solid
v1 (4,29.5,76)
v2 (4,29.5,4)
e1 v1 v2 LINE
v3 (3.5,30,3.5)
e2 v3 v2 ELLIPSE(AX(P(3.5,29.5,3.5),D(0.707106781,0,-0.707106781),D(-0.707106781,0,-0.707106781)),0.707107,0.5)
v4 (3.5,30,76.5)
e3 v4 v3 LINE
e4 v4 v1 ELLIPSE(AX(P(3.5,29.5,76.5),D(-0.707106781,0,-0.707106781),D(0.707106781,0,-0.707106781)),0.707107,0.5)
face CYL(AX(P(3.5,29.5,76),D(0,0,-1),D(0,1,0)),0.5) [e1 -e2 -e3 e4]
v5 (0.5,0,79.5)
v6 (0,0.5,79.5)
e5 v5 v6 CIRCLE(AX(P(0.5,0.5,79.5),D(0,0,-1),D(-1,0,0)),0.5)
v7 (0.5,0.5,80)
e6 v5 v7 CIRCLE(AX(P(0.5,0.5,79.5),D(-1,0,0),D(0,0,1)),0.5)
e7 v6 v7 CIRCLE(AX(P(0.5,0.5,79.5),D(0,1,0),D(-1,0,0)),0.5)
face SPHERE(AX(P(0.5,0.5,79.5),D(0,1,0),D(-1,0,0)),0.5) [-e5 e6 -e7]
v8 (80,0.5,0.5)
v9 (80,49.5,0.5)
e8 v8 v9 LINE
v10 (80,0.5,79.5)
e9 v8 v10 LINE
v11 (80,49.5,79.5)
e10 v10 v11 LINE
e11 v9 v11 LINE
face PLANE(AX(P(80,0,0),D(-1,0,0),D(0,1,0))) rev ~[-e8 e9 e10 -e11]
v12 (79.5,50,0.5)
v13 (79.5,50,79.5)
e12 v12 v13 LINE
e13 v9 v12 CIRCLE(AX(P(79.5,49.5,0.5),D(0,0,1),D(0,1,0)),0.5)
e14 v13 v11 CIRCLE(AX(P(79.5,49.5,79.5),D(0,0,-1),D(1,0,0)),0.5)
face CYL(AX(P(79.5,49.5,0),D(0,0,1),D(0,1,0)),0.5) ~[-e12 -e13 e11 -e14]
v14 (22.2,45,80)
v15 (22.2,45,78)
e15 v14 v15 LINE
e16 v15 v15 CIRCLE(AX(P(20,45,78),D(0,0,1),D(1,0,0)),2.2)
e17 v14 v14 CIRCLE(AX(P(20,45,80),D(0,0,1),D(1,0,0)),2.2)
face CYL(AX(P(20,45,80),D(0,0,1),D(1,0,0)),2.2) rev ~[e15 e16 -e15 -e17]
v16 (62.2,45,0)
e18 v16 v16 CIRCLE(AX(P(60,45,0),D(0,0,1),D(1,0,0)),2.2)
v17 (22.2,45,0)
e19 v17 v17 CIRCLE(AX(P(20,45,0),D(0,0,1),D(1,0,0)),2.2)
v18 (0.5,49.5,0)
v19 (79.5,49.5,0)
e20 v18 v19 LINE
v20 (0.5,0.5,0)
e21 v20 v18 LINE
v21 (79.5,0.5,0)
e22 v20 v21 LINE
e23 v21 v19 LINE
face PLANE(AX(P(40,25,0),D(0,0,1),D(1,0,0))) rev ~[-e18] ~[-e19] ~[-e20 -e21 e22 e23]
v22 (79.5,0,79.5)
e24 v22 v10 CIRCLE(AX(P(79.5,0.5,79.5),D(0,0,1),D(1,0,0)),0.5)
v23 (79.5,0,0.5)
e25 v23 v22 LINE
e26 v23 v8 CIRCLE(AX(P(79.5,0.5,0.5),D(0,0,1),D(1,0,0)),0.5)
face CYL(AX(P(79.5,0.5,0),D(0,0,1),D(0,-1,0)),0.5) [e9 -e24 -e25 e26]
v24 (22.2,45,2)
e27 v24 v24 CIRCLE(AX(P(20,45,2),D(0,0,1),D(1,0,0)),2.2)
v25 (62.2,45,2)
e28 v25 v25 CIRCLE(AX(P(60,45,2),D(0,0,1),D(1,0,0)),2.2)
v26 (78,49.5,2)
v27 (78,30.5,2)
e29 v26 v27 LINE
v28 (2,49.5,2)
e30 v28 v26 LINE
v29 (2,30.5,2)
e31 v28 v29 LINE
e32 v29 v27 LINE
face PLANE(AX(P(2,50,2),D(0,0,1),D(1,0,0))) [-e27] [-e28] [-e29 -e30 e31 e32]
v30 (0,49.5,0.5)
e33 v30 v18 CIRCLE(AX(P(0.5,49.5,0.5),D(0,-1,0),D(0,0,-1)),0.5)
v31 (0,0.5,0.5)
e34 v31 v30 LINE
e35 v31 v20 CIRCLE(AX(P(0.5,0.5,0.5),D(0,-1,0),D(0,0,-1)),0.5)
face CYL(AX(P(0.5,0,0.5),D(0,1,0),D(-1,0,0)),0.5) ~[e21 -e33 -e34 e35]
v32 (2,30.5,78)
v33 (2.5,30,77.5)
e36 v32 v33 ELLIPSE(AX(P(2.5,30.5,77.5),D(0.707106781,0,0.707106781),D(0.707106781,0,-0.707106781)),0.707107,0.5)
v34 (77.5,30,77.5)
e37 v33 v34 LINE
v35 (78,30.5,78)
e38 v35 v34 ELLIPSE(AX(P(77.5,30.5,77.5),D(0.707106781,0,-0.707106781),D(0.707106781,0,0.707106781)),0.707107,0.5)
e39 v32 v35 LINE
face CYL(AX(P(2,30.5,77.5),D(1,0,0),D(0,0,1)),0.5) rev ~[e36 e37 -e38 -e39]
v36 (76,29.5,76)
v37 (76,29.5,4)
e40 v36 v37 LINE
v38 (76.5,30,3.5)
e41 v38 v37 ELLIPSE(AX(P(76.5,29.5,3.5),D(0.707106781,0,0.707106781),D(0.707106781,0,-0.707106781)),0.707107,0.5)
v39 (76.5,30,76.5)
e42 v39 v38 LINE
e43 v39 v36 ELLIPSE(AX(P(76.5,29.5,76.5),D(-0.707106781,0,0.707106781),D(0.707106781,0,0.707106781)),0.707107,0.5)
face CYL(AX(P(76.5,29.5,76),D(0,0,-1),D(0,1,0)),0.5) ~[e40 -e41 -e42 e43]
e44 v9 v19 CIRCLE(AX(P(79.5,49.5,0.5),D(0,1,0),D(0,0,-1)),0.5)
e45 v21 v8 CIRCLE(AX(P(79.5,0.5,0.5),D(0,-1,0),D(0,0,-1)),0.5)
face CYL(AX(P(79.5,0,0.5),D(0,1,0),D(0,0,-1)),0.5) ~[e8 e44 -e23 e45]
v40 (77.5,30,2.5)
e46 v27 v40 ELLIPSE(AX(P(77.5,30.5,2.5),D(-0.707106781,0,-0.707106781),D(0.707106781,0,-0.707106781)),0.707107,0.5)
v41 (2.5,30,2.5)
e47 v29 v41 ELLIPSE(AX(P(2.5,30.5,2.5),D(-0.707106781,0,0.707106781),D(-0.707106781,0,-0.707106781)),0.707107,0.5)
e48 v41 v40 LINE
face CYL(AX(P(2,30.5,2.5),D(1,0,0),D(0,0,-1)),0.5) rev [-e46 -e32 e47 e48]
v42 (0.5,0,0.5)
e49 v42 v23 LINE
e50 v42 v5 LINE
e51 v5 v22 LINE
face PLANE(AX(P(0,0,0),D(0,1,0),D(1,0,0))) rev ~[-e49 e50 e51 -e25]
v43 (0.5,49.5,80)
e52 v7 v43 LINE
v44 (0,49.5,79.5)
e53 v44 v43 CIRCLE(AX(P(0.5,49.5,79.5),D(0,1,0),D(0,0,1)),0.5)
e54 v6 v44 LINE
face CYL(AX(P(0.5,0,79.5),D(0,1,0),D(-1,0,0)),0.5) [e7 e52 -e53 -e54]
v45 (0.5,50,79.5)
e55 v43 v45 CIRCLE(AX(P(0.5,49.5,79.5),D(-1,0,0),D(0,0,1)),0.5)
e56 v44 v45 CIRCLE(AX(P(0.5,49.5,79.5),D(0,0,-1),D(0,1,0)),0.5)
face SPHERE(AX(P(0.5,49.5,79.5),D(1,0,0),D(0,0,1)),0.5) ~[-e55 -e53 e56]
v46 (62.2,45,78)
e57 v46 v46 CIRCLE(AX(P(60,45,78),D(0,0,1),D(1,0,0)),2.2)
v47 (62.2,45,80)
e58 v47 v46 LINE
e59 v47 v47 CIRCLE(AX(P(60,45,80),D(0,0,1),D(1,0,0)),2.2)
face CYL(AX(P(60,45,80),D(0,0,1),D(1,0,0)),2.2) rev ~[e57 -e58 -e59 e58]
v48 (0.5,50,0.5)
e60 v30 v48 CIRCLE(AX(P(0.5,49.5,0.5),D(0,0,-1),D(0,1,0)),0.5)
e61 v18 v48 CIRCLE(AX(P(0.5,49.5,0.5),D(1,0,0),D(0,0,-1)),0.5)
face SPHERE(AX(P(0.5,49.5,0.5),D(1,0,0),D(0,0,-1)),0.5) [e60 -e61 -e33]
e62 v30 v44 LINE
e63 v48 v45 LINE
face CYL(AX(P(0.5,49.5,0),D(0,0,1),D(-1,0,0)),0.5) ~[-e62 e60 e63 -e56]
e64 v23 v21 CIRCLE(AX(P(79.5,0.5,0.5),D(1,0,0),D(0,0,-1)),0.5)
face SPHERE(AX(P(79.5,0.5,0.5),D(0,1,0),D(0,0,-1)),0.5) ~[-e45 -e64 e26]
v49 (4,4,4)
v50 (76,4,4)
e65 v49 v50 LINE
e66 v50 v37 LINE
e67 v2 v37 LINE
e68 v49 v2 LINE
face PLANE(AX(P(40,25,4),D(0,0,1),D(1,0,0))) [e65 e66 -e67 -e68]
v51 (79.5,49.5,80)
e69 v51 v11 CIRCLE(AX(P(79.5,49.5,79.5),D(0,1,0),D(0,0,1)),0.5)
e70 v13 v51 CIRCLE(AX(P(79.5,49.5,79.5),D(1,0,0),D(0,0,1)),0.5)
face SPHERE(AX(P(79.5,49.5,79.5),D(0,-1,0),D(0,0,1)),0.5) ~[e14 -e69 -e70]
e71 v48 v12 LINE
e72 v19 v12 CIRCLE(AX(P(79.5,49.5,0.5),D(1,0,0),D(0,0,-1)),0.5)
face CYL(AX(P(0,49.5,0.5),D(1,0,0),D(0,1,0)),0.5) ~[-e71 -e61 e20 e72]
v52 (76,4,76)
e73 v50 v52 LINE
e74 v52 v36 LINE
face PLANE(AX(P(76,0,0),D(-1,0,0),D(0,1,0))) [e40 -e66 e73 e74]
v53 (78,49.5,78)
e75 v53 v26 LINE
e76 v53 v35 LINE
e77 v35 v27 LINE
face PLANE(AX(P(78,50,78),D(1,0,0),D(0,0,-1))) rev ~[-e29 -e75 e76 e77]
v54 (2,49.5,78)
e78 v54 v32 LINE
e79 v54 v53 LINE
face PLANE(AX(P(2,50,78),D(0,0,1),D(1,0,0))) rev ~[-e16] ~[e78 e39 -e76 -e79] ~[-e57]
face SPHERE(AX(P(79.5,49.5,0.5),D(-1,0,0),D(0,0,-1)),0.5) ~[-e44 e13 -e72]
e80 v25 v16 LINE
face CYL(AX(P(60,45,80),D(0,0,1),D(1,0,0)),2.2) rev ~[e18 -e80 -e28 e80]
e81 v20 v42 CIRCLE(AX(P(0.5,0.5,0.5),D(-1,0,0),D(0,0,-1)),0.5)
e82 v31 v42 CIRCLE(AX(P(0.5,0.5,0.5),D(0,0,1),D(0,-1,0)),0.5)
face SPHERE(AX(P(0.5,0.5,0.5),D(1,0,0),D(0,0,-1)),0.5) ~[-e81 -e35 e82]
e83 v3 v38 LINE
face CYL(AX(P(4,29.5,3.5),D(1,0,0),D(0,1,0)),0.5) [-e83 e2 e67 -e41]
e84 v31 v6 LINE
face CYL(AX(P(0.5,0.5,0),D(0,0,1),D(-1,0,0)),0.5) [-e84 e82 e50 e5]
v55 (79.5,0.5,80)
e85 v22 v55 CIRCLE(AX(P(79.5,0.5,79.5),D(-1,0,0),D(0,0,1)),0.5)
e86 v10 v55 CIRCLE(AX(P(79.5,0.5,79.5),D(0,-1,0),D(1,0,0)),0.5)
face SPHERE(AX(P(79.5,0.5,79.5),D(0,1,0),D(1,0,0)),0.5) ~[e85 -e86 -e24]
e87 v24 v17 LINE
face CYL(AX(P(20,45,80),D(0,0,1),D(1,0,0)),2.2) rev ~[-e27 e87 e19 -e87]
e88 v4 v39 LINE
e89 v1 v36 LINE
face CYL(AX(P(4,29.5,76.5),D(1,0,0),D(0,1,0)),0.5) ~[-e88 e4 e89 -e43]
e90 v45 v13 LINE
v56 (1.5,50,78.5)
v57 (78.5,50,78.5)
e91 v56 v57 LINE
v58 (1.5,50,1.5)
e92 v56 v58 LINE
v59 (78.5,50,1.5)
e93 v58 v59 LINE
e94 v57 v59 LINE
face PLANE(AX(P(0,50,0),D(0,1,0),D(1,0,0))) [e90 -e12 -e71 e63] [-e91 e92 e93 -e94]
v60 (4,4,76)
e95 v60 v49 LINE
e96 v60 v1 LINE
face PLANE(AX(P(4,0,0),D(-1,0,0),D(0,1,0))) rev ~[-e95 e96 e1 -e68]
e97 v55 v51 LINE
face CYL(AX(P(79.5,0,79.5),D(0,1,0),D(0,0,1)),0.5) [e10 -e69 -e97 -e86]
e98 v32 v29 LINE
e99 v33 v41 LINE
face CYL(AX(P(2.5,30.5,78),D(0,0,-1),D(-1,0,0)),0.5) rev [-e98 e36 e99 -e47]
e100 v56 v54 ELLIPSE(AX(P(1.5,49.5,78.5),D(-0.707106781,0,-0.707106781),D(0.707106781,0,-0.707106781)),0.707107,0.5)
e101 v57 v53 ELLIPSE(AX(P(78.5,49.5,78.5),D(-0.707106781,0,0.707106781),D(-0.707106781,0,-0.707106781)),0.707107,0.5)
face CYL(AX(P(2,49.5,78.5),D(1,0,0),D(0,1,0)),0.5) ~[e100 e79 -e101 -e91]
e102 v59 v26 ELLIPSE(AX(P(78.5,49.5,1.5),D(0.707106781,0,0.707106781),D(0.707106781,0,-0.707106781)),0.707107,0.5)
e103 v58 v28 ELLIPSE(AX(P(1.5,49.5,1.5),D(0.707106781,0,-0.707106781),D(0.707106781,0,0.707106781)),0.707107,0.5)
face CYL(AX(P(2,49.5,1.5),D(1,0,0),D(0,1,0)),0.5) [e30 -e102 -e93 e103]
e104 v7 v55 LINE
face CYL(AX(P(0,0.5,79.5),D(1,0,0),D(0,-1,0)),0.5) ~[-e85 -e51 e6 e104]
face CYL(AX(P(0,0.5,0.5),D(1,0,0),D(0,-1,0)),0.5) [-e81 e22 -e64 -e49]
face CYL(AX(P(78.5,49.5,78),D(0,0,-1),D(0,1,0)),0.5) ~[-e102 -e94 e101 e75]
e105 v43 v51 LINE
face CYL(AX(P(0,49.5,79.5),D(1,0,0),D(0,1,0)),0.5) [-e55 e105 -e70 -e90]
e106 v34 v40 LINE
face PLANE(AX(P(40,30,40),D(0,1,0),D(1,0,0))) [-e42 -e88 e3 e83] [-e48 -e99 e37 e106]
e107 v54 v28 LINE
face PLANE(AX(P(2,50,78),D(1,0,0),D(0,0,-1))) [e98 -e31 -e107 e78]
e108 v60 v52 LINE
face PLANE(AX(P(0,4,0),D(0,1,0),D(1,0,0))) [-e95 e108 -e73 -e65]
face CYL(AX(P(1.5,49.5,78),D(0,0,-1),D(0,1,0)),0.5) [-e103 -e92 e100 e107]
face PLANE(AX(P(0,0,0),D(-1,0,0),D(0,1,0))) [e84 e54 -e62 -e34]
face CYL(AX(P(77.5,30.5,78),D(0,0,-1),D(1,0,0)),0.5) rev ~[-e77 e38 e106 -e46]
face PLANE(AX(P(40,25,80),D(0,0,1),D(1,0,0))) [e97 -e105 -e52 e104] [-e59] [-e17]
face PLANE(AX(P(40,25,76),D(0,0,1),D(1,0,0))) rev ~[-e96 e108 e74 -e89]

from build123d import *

# Parameters (mm, degrees)
SKETCH1_W           = 80
SKETCH1_H           = 50
BOSS_EXTRUDE1_DEPTH = 80
SHELL1_T            = -4
SKETCH2_W           = 76
SKETCH2_H           = 76
SKETCH2_W_2         = 72
SKETCH2_H_2         = 72
CUT_EXTRUDE1_DEPTH  = 20
SKETCH3_R           = 2.2
CUT_EXTRUDE2_DEPTH  = 124.693168769
FILLET1_R           = 0.5


with BuildPart() as part:
    # Sketch1 → Boss-Extrude1 (new body)
    with BuildSketch(Plane.XY):
        with Locations((40, 25)):
            Rectangle(SKETCH1_W, SKETCH1_H)
    extrude(amount=BOSS_EXTRUDE1_DEPTH)

    # Shell1
    shell1_openings = [part.faces().sort_by_distance(p)[0] for p in [
        (40, 50, 40),
    ]]
    offset(amount=SHELL1_T, openings=shell1_openings, kind=Kind.INTERSECTION)

    # Sketch2 → Cut-Extrude1 (cut)
    with BuildSketch(Plane(origin=(0, 50, 0), x_dir=(1, 0, 0), z_dir=(0, 1, 0))):
        with Locations((40, -40)):
            Rectangle(SKETCH2_W, SKETCH2_H)
        with Locations((40, -40)):
            Rectangle(SKETCH2_W_2, SKETCH2_H_2, mode=Mode.SUBTRACT)
    extrude(amount=-CUT_EXTRUDE1_DEPTH, mode=Mode.SUBTRACT)

    # Sketch3 → Cut-Extrude2 (cut, through all)
    with BuildSketch(Plane.XY.offset(80)):
        with Locations((20, 45)):
            Circle(SKETCH3_R)
        with Locations((60, 45)):
            Circle(SKETCH3_R)
    extrude(amount=-CUT_EXTRUDE2_DEPTH, mode=Mode.SUBTRACT)

    # Fillet1
    fillet1_edges = [part.edges().sort_by_distance(p)[0] for p in [
        (80, 25, 80),
        (40, 50, 80),
        (4, 30, 40),
        (40, 30, 76),
        (76, 30, 40),
        (40, 50, 2),
        (78, 50, 40),
        (40, 30, 78),
        (2, 30, 40),
        (40, 30, 4),
        (40, 30, 2),
        (78, 30, 40),
        (2, 50, 40),
        (40, 50, 78),
        (0, 25, 80),
        (40, 50, 0),
        (80, 25, 0),
        (40, 0, 0),
        (0, 25, 0),
        (0, 50, 40),
        (80, 50, 40),
        (80, 0, 40),
        (0, 0, 40),
        (40, 0, 80),
    ]]
    fillet(fillet1_edges, radius=FILLET1_R)


solid = part.part
